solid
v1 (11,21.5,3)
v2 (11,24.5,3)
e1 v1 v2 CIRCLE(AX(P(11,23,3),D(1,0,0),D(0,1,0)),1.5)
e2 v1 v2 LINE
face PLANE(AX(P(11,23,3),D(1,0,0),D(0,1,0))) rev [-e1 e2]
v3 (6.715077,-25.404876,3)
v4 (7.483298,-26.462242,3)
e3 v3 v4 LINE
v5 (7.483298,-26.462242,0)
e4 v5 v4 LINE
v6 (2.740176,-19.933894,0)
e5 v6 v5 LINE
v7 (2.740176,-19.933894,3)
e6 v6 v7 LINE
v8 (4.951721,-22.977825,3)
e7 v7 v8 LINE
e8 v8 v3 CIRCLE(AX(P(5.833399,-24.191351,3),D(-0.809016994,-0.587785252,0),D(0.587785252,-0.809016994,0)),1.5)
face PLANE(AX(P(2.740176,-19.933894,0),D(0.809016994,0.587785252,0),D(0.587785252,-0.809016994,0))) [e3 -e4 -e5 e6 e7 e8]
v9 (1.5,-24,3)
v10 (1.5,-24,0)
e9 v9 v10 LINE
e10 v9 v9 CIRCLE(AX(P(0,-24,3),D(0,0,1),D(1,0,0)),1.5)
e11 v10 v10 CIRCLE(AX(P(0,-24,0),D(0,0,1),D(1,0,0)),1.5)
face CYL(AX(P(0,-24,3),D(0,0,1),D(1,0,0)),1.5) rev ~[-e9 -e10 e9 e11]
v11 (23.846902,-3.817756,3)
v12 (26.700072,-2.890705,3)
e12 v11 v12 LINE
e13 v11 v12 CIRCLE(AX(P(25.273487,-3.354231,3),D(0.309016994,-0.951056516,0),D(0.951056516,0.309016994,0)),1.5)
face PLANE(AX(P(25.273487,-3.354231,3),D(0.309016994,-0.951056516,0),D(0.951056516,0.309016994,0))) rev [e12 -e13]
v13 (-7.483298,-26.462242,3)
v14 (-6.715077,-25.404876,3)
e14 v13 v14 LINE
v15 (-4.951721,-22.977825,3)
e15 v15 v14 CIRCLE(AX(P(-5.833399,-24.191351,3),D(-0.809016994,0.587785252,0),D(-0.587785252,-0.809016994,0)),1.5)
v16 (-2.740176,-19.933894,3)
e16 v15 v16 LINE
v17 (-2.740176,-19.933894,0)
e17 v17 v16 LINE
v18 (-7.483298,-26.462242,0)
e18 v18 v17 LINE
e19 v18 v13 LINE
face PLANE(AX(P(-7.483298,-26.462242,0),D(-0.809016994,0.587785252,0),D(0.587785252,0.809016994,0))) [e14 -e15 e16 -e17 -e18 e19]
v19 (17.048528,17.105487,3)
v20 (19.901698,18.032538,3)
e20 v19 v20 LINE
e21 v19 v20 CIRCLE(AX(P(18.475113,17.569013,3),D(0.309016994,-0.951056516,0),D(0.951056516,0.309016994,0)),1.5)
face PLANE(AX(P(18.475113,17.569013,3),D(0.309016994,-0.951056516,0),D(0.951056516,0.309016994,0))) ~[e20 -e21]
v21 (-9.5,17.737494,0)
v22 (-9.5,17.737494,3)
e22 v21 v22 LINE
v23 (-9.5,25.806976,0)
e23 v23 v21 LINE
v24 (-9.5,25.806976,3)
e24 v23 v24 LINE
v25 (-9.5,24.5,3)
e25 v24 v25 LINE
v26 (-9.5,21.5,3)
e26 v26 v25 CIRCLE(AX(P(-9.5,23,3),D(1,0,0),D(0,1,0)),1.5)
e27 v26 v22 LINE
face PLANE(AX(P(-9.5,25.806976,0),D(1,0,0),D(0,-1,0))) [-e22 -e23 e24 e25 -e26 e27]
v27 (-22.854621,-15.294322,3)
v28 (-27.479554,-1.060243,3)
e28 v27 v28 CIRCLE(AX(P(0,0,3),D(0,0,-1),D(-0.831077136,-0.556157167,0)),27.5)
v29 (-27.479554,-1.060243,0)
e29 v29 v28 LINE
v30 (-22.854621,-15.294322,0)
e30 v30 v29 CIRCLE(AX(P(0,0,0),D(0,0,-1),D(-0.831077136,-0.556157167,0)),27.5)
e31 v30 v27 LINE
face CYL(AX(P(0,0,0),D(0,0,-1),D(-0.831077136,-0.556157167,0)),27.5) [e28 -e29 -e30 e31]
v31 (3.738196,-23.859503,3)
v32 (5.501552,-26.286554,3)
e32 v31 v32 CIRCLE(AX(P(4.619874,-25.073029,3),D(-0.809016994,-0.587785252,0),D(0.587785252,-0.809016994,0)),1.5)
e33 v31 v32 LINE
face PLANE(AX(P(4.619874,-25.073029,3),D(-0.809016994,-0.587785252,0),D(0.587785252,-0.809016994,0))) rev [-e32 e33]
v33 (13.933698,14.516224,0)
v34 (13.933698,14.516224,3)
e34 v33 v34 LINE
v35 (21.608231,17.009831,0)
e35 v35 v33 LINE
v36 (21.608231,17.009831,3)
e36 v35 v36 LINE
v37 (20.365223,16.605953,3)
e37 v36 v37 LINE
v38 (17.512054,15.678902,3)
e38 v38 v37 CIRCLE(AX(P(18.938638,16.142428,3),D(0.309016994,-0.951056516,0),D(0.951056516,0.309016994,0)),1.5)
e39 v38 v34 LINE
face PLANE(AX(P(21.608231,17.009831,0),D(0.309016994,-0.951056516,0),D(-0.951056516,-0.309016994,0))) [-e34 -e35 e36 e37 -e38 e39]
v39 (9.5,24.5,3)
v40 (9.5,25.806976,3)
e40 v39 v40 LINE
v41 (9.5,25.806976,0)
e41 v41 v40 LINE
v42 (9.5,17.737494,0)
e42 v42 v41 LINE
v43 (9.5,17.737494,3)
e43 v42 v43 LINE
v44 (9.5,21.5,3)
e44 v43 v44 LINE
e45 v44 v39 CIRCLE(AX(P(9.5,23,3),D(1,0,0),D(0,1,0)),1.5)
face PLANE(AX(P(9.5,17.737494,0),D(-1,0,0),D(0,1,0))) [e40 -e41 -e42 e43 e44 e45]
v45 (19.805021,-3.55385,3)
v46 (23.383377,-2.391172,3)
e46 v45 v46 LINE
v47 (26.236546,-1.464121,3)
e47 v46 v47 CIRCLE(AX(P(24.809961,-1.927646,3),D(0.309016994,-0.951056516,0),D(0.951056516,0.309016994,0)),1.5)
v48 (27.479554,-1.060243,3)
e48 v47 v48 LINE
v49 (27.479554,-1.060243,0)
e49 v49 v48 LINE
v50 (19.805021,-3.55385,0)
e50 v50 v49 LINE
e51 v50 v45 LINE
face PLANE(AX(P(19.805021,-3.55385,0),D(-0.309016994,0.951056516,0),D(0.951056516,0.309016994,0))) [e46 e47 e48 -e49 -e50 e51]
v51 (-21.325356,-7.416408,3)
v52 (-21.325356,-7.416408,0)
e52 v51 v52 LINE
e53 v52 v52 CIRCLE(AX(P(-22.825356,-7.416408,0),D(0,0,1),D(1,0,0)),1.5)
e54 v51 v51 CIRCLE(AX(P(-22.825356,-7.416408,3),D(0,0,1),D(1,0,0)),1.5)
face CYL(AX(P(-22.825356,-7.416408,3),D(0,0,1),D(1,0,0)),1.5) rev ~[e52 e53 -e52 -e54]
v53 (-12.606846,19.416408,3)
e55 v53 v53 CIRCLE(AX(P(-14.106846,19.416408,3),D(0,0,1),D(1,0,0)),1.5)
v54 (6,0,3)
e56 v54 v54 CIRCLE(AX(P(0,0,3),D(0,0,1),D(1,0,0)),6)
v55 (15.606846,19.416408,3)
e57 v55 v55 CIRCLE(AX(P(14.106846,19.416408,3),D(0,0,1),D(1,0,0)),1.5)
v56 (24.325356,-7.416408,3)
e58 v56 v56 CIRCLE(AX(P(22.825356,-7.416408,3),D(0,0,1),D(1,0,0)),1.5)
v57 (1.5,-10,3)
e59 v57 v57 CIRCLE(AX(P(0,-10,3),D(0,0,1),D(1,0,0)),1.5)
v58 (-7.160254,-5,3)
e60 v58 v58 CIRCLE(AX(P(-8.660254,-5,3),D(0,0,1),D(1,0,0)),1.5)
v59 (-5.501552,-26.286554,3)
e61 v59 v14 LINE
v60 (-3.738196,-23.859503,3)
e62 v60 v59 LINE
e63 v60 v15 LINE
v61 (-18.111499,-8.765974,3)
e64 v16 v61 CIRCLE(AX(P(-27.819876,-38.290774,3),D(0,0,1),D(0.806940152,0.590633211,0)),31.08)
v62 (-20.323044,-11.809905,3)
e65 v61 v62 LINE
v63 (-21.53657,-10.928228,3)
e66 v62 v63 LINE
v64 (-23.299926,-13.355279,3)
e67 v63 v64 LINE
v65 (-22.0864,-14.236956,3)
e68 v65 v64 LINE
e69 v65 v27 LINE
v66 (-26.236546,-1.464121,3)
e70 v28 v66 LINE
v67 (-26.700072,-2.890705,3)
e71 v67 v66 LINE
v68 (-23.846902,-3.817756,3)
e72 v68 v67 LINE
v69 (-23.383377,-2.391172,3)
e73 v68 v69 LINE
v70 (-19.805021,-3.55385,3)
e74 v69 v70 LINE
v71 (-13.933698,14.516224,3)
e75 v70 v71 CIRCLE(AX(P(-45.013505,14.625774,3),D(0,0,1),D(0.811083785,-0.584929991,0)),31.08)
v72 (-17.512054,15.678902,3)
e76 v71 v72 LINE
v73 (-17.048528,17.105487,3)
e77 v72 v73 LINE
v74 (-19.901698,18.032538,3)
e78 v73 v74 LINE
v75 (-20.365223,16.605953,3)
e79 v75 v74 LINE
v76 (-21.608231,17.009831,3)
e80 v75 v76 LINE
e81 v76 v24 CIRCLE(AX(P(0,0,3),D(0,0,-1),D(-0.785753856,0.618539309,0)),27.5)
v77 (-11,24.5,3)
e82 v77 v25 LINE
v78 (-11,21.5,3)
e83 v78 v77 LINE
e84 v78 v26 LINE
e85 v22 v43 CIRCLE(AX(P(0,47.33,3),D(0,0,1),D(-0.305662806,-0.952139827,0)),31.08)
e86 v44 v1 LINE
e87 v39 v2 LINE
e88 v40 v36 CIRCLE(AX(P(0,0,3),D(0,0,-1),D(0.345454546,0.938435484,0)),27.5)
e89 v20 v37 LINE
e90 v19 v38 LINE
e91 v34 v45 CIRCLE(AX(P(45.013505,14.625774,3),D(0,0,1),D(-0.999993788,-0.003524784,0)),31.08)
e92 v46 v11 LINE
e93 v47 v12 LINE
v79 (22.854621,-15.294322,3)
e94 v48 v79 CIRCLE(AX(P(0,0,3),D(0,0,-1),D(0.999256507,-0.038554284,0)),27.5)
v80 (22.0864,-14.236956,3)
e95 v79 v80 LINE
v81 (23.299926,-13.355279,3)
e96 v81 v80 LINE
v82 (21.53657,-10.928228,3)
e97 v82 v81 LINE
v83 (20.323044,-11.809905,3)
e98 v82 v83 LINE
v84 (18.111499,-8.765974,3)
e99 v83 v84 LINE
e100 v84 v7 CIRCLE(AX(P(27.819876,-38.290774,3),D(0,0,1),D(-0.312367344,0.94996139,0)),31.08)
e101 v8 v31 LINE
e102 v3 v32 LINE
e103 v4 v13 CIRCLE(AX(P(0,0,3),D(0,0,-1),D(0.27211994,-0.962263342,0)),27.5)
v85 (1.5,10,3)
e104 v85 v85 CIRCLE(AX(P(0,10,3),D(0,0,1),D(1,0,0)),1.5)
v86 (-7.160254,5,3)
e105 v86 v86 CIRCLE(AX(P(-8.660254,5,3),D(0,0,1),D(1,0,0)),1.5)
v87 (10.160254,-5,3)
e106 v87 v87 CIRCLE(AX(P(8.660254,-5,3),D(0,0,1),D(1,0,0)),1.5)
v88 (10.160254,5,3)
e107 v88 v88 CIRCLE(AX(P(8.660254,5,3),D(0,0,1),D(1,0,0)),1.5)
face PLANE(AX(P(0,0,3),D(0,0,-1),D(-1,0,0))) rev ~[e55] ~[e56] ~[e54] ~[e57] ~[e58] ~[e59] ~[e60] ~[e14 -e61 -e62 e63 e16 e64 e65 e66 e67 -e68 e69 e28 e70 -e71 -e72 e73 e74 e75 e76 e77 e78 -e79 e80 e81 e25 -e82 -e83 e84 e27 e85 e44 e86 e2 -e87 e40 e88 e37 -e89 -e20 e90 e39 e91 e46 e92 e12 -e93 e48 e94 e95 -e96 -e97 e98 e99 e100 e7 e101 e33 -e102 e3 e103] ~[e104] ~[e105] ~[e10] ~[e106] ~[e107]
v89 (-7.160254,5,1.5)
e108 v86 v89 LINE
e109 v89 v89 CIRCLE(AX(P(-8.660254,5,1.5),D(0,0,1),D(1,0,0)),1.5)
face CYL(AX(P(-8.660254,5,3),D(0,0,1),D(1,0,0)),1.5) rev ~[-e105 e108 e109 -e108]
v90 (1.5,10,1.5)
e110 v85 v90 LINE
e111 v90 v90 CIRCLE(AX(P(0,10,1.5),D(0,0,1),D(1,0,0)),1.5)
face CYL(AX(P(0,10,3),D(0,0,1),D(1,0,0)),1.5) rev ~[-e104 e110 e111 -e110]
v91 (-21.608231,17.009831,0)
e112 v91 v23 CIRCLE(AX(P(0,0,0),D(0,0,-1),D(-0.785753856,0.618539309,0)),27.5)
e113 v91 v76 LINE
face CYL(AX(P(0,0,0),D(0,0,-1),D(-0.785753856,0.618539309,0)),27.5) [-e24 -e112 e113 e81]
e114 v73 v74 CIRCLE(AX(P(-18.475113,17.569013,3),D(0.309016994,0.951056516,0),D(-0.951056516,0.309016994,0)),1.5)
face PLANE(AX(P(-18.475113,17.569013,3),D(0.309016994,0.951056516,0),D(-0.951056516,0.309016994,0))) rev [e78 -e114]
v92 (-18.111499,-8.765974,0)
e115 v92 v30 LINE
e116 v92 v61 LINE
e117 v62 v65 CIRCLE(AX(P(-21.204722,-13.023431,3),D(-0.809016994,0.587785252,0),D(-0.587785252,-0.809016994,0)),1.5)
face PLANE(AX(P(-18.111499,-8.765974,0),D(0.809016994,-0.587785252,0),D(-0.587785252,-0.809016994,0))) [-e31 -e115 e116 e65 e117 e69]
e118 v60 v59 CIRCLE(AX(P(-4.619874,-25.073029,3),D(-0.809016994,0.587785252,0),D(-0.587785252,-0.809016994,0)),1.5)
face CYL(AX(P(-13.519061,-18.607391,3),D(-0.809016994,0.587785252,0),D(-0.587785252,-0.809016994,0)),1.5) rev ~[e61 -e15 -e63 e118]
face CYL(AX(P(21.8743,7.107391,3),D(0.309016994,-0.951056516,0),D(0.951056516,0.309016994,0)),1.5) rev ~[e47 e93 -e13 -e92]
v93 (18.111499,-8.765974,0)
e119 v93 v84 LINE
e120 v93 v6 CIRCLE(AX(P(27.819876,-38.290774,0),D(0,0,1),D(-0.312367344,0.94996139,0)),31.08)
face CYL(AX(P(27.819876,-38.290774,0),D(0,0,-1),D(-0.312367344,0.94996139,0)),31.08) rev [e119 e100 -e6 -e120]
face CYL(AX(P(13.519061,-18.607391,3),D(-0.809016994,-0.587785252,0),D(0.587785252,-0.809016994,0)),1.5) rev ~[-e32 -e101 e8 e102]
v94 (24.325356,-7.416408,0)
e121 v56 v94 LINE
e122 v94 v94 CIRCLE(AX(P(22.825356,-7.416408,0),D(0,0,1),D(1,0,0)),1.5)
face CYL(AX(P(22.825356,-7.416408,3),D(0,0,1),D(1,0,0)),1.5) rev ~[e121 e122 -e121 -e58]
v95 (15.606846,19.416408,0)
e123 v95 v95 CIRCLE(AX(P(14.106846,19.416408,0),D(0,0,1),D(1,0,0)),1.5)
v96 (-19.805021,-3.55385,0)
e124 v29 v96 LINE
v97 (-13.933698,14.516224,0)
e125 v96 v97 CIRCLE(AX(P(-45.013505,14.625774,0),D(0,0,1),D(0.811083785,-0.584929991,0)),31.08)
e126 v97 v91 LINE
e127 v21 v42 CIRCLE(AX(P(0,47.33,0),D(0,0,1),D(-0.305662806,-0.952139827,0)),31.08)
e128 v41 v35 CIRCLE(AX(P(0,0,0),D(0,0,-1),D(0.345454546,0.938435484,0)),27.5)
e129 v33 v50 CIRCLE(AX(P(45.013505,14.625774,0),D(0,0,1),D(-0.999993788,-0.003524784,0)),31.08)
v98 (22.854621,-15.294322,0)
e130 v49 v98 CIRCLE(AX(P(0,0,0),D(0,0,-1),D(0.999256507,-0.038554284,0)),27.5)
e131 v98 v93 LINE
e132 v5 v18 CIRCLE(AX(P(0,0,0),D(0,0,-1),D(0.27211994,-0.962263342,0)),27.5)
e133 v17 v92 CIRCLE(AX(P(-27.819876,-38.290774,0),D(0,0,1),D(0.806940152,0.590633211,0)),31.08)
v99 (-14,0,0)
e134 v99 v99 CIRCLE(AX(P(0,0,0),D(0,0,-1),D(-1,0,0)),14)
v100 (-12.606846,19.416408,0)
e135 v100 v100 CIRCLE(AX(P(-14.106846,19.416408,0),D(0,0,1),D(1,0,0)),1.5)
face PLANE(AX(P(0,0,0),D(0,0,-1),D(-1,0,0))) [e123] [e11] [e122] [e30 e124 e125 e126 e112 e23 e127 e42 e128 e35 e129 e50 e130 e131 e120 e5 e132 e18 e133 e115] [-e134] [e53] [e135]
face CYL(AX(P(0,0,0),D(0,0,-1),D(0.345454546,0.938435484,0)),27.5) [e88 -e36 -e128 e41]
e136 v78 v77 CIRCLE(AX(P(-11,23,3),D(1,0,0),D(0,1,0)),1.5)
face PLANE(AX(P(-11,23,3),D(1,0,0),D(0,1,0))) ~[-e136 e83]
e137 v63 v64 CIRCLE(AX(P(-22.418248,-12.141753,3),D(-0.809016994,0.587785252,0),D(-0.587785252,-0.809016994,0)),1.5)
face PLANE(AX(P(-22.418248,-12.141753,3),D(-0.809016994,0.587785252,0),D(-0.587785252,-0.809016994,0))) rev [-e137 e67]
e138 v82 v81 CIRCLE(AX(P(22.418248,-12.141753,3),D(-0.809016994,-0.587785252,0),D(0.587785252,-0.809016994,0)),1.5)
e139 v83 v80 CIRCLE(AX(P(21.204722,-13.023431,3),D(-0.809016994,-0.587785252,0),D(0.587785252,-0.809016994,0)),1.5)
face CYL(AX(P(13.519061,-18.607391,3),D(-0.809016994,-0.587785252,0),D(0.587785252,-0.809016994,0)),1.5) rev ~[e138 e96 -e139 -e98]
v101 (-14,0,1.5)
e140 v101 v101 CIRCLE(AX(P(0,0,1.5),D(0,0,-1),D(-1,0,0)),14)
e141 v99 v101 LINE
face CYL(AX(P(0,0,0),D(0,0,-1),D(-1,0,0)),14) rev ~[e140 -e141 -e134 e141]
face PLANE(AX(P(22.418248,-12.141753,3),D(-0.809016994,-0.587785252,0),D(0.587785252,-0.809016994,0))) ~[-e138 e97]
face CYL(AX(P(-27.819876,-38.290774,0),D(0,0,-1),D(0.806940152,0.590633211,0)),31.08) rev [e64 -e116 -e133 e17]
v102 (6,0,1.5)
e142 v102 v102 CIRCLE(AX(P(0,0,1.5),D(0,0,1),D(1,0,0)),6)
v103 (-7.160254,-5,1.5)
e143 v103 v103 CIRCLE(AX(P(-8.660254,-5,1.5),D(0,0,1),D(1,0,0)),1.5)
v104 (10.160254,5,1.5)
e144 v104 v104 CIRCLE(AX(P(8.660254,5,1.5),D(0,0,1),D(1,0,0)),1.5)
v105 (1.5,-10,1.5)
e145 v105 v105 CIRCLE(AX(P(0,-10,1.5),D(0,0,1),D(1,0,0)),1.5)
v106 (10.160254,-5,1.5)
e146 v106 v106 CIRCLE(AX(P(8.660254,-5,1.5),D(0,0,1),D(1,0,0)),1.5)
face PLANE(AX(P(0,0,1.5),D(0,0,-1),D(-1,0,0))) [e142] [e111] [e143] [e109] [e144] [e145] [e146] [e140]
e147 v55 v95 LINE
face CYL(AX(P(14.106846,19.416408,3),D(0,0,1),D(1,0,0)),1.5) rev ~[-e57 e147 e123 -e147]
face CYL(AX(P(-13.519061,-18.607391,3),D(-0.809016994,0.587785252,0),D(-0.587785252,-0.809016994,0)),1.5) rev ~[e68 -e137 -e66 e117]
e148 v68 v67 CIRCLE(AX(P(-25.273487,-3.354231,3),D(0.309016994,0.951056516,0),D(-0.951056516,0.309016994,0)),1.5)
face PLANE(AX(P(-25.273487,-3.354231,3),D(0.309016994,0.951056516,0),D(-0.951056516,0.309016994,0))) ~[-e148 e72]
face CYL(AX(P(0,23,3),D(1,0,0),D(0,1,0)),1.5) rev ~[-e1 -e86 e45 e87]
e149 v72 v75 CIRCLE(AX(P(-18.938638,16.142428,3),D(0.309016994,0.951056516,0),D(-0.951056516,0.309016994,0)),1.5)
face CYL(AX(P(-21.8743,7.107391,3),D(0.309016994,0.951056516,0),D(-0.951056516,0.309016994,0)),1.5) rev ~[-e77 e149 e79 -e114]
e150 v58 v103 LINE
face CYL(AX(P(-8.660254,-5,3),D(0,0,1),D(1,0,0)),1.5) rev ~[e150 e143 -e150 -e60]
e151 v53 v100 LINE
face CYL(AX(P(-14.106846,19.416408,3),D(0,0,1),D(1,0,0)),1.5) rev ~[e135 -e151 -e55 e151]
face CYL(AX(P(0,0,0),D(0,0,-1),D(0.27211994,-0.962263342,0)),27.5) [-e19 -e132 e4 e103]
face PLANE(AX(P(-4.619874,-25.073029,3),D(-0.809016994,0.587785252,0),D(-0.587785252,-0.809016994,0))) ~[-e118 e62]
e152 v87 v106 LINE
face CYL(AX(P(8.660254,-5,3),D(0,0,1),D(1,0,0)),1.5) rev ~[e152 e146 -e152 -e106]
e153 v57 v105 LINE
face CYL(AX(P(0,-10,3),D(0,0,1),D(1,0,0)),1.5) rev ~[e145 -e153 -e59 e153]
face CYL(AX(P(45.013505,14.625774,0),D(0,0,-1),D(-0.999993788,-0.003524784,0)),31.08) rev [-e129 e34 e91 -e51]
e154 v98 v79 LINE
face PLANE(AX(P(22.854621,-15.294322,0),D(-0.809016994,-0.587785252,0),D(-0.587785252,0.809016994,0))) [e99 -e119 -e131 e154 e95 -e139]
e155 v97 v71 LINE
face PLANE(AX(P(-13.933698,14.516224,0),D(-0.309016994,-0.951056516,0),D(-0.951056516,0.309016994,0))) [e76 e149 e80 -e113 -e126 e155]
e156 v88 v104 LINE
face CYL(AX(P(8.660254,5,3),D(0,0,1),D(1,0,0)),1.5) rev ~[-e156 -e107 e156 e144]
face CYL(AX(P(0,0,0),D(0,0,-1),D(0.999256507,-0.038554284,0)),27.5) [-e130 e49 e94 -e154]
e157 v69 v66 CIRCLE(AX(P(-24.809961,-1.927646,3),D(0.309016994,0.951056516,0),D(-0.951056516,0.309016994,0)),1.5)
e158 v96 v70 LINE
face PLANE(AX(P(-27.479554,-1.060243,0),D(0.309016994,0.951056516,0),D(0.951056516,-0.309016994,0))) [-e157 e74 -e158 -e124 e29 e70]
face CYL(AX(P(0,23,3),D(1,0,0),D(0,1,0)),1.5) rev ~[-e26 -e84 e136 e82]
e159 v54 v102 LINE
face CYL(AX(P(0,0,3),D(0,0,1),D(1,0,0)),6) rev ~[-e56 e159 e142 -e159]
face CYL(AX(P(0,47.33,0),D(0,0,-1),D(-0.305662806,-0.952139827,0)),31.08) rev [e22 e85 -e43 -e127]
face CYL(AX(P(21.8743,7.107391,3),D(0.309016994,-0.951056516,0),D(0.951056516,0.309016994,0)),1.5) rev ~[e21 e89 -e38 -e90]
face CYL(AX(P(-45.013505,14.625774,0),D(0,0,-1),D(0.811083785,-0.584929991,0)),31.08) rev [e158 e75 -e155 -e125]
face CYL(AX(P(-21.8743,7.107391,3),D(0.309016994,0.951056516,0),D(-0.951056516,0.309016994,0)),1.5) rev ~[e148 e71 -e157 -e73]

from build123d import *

# Parameters (mm, degrees)
BOSS_EXTRUDE1_DEPTH = 3
SKETCH2_R           = 1.5
SKETCH2_R_2         = 6
CUT_EXTRUDE1_DEPTH  = 3
SKETCH5_W           = 22
SKETCH5_H           = 1.5
CIRPATTERN1_COUNT   = 5
SKETCH6_R           = 14
CUT_EXTRUDE2_DEPTH  = 1.5


with BuildPart() as part:
    # Sketch1 → Boss-Extrude1 (new body)
    with BuildSketch(Plane.XY):
        with BuildLine():
            Line((-9.5, 25.806975801), (-9.5, 17.737494192))
            ThreePointArc((-9.5, 17.737494192), (0, 16.25), (9.5, 17.737494192))
            Line((9.5, 17.737494192), (9.5, 25.806975801))
            ThreePointArc((9.5, 25.806975801), (16.164094438, 22.247967345), (21.608231055, 17.009831001))
            Line((21.608231055, 17.009831001), (13.933697987, 14.516224048))
            ThreePointArc((13.933697987, 14.516224048), (15.45466839, 5.021526159), (19.805020881, -3.553849762))
            Line((19.805020881, -3.553849762), (27.479553948, -1.060242809))
            ThreePointArc((27.479553948, -1.060242809), (26.154054198, -8.497967345), (22.854621229, -15.2943221))
            Line((22.854621229, -15.2943221), (18.111498945, -8.765974342))
            ThreePointArc((18.111498945, -8.765974342), (9.55151035, -13.146526159), (2.740176052, -19.933894136))
            Line((2.740176052, -19.933894136), (7.483298336, -26.462241893))
            ThreePointArc((7.483298336, -26.462241893), (0, -27.5), (-7.483298336, -26.462241893))
            Line((-7.483298336, -26.462241893), (-2.740176052, -19.933894136))
            ThreePointArc((-2.740176052, -19.933894136), (-9.55151035, -13.146526159), (-18.111498945, -8.765974342))
            Line((-18.111498945, -8.765974342), (-22.854621229, -15.2943221))
            ThreePointArc((-22.854621229, -15.2943221), (-26.154054198, -8.497967345), (-27.479553948, -1.060242809))
            Line((-27.479553948, -1.060242809), (-19.805020881, -3.553849762))
            ThreePointArc((-19.805020881, -3.553849762), (-15.45466839, 5.021526159), (-13.933697987, 14.516224048))
            Line((-13.933697987, 14.516224048), (-21.608231055, 17.009831001))
            ThreePointArc((-21.608231055, 17.009831001), (-16.164094438, 22.247967345), (-9.5, 25.806975801))
        make_face()
    extrude(amount=BOSS_EXTRUDE1_DEPTH)

    # Sketch2 → Cut-Extrude1 (cut)
    with BuildSketch(Plane.XY.offset(3)):
        with Locations((0, 10)):
            Circle(SKETCH2_R)
        with Locations((-8.660254038, 5)):
            Circle(SKETCH2_R)
        with Locations((-8.660254038, -5)):
            Circle(SKETCH2_R)
        with Locations((0, -10)):
            Circle(SKETCH2_R)
        with Locations((8.660254038, -5)):
            Circle(SKETCH2_R)
        with Locations((8.660254038, 5)):
            Circle(SKETCH2_R)
        Circle(SKETCH2_R_2)
        with Locations((14.106846055, 19.416407865)):
            Circle(SKETCH2_R)
        with Locations((22.825356391, -7.416407865)):
            Circle(SKETCH2_R)
        with Locations((0, -24)):
            Circle(SKETCH2_R)
        with Locations((-22.825356391, -7.416407865)):
            Circle(SKETCH2_R)
        with Locations((-14.106846055, 19.416407865)):
            Circle(SKETCH2_R)
    extrude(amount=-CUT_EXTRUDE1_DEPTH, mode=Mode.SUBTRACT)

    # Sketch5 → Cut-Revolve1 (revolve, cut)
    with BuildSketch(Plane.XY.offset(3)):
        with Locations((0, 23.75)):
            Rectangle(SKETCH5_W, SKETCH5_H)
    cut_revolve1 = revolve(axis=Axis((-11, 23, 3), (1, 0, 0)), mode=Mode.SUBTRACT)

    # CirPattern1: Cut-Revolve1 ×5 about axis
    cirpattern1_axis = Axis((0, 0, 0), (0, 0, 1))
    for i in range(1, CIRPATTERN1_COUNT):
        add(cut_revolve1.rotate(cirpattern1_axis, i * 360 / CIRPATTERN1_COUNT), mode=Mode.SUBTRACT)

    # Sketch6 → Cut-Extrude2 (cut)
    with BuildSketch(Plane(origin=(0, 0, 0), x_dir=(-1, 0, 0), z_dir=(0, 0, -1))):
        Circle(SKETCH6_R)
    extrude(amount=-CUT_EXTRUDE2_DEPTH, mode=Mode.SUBTRACT)


solid = part.part
